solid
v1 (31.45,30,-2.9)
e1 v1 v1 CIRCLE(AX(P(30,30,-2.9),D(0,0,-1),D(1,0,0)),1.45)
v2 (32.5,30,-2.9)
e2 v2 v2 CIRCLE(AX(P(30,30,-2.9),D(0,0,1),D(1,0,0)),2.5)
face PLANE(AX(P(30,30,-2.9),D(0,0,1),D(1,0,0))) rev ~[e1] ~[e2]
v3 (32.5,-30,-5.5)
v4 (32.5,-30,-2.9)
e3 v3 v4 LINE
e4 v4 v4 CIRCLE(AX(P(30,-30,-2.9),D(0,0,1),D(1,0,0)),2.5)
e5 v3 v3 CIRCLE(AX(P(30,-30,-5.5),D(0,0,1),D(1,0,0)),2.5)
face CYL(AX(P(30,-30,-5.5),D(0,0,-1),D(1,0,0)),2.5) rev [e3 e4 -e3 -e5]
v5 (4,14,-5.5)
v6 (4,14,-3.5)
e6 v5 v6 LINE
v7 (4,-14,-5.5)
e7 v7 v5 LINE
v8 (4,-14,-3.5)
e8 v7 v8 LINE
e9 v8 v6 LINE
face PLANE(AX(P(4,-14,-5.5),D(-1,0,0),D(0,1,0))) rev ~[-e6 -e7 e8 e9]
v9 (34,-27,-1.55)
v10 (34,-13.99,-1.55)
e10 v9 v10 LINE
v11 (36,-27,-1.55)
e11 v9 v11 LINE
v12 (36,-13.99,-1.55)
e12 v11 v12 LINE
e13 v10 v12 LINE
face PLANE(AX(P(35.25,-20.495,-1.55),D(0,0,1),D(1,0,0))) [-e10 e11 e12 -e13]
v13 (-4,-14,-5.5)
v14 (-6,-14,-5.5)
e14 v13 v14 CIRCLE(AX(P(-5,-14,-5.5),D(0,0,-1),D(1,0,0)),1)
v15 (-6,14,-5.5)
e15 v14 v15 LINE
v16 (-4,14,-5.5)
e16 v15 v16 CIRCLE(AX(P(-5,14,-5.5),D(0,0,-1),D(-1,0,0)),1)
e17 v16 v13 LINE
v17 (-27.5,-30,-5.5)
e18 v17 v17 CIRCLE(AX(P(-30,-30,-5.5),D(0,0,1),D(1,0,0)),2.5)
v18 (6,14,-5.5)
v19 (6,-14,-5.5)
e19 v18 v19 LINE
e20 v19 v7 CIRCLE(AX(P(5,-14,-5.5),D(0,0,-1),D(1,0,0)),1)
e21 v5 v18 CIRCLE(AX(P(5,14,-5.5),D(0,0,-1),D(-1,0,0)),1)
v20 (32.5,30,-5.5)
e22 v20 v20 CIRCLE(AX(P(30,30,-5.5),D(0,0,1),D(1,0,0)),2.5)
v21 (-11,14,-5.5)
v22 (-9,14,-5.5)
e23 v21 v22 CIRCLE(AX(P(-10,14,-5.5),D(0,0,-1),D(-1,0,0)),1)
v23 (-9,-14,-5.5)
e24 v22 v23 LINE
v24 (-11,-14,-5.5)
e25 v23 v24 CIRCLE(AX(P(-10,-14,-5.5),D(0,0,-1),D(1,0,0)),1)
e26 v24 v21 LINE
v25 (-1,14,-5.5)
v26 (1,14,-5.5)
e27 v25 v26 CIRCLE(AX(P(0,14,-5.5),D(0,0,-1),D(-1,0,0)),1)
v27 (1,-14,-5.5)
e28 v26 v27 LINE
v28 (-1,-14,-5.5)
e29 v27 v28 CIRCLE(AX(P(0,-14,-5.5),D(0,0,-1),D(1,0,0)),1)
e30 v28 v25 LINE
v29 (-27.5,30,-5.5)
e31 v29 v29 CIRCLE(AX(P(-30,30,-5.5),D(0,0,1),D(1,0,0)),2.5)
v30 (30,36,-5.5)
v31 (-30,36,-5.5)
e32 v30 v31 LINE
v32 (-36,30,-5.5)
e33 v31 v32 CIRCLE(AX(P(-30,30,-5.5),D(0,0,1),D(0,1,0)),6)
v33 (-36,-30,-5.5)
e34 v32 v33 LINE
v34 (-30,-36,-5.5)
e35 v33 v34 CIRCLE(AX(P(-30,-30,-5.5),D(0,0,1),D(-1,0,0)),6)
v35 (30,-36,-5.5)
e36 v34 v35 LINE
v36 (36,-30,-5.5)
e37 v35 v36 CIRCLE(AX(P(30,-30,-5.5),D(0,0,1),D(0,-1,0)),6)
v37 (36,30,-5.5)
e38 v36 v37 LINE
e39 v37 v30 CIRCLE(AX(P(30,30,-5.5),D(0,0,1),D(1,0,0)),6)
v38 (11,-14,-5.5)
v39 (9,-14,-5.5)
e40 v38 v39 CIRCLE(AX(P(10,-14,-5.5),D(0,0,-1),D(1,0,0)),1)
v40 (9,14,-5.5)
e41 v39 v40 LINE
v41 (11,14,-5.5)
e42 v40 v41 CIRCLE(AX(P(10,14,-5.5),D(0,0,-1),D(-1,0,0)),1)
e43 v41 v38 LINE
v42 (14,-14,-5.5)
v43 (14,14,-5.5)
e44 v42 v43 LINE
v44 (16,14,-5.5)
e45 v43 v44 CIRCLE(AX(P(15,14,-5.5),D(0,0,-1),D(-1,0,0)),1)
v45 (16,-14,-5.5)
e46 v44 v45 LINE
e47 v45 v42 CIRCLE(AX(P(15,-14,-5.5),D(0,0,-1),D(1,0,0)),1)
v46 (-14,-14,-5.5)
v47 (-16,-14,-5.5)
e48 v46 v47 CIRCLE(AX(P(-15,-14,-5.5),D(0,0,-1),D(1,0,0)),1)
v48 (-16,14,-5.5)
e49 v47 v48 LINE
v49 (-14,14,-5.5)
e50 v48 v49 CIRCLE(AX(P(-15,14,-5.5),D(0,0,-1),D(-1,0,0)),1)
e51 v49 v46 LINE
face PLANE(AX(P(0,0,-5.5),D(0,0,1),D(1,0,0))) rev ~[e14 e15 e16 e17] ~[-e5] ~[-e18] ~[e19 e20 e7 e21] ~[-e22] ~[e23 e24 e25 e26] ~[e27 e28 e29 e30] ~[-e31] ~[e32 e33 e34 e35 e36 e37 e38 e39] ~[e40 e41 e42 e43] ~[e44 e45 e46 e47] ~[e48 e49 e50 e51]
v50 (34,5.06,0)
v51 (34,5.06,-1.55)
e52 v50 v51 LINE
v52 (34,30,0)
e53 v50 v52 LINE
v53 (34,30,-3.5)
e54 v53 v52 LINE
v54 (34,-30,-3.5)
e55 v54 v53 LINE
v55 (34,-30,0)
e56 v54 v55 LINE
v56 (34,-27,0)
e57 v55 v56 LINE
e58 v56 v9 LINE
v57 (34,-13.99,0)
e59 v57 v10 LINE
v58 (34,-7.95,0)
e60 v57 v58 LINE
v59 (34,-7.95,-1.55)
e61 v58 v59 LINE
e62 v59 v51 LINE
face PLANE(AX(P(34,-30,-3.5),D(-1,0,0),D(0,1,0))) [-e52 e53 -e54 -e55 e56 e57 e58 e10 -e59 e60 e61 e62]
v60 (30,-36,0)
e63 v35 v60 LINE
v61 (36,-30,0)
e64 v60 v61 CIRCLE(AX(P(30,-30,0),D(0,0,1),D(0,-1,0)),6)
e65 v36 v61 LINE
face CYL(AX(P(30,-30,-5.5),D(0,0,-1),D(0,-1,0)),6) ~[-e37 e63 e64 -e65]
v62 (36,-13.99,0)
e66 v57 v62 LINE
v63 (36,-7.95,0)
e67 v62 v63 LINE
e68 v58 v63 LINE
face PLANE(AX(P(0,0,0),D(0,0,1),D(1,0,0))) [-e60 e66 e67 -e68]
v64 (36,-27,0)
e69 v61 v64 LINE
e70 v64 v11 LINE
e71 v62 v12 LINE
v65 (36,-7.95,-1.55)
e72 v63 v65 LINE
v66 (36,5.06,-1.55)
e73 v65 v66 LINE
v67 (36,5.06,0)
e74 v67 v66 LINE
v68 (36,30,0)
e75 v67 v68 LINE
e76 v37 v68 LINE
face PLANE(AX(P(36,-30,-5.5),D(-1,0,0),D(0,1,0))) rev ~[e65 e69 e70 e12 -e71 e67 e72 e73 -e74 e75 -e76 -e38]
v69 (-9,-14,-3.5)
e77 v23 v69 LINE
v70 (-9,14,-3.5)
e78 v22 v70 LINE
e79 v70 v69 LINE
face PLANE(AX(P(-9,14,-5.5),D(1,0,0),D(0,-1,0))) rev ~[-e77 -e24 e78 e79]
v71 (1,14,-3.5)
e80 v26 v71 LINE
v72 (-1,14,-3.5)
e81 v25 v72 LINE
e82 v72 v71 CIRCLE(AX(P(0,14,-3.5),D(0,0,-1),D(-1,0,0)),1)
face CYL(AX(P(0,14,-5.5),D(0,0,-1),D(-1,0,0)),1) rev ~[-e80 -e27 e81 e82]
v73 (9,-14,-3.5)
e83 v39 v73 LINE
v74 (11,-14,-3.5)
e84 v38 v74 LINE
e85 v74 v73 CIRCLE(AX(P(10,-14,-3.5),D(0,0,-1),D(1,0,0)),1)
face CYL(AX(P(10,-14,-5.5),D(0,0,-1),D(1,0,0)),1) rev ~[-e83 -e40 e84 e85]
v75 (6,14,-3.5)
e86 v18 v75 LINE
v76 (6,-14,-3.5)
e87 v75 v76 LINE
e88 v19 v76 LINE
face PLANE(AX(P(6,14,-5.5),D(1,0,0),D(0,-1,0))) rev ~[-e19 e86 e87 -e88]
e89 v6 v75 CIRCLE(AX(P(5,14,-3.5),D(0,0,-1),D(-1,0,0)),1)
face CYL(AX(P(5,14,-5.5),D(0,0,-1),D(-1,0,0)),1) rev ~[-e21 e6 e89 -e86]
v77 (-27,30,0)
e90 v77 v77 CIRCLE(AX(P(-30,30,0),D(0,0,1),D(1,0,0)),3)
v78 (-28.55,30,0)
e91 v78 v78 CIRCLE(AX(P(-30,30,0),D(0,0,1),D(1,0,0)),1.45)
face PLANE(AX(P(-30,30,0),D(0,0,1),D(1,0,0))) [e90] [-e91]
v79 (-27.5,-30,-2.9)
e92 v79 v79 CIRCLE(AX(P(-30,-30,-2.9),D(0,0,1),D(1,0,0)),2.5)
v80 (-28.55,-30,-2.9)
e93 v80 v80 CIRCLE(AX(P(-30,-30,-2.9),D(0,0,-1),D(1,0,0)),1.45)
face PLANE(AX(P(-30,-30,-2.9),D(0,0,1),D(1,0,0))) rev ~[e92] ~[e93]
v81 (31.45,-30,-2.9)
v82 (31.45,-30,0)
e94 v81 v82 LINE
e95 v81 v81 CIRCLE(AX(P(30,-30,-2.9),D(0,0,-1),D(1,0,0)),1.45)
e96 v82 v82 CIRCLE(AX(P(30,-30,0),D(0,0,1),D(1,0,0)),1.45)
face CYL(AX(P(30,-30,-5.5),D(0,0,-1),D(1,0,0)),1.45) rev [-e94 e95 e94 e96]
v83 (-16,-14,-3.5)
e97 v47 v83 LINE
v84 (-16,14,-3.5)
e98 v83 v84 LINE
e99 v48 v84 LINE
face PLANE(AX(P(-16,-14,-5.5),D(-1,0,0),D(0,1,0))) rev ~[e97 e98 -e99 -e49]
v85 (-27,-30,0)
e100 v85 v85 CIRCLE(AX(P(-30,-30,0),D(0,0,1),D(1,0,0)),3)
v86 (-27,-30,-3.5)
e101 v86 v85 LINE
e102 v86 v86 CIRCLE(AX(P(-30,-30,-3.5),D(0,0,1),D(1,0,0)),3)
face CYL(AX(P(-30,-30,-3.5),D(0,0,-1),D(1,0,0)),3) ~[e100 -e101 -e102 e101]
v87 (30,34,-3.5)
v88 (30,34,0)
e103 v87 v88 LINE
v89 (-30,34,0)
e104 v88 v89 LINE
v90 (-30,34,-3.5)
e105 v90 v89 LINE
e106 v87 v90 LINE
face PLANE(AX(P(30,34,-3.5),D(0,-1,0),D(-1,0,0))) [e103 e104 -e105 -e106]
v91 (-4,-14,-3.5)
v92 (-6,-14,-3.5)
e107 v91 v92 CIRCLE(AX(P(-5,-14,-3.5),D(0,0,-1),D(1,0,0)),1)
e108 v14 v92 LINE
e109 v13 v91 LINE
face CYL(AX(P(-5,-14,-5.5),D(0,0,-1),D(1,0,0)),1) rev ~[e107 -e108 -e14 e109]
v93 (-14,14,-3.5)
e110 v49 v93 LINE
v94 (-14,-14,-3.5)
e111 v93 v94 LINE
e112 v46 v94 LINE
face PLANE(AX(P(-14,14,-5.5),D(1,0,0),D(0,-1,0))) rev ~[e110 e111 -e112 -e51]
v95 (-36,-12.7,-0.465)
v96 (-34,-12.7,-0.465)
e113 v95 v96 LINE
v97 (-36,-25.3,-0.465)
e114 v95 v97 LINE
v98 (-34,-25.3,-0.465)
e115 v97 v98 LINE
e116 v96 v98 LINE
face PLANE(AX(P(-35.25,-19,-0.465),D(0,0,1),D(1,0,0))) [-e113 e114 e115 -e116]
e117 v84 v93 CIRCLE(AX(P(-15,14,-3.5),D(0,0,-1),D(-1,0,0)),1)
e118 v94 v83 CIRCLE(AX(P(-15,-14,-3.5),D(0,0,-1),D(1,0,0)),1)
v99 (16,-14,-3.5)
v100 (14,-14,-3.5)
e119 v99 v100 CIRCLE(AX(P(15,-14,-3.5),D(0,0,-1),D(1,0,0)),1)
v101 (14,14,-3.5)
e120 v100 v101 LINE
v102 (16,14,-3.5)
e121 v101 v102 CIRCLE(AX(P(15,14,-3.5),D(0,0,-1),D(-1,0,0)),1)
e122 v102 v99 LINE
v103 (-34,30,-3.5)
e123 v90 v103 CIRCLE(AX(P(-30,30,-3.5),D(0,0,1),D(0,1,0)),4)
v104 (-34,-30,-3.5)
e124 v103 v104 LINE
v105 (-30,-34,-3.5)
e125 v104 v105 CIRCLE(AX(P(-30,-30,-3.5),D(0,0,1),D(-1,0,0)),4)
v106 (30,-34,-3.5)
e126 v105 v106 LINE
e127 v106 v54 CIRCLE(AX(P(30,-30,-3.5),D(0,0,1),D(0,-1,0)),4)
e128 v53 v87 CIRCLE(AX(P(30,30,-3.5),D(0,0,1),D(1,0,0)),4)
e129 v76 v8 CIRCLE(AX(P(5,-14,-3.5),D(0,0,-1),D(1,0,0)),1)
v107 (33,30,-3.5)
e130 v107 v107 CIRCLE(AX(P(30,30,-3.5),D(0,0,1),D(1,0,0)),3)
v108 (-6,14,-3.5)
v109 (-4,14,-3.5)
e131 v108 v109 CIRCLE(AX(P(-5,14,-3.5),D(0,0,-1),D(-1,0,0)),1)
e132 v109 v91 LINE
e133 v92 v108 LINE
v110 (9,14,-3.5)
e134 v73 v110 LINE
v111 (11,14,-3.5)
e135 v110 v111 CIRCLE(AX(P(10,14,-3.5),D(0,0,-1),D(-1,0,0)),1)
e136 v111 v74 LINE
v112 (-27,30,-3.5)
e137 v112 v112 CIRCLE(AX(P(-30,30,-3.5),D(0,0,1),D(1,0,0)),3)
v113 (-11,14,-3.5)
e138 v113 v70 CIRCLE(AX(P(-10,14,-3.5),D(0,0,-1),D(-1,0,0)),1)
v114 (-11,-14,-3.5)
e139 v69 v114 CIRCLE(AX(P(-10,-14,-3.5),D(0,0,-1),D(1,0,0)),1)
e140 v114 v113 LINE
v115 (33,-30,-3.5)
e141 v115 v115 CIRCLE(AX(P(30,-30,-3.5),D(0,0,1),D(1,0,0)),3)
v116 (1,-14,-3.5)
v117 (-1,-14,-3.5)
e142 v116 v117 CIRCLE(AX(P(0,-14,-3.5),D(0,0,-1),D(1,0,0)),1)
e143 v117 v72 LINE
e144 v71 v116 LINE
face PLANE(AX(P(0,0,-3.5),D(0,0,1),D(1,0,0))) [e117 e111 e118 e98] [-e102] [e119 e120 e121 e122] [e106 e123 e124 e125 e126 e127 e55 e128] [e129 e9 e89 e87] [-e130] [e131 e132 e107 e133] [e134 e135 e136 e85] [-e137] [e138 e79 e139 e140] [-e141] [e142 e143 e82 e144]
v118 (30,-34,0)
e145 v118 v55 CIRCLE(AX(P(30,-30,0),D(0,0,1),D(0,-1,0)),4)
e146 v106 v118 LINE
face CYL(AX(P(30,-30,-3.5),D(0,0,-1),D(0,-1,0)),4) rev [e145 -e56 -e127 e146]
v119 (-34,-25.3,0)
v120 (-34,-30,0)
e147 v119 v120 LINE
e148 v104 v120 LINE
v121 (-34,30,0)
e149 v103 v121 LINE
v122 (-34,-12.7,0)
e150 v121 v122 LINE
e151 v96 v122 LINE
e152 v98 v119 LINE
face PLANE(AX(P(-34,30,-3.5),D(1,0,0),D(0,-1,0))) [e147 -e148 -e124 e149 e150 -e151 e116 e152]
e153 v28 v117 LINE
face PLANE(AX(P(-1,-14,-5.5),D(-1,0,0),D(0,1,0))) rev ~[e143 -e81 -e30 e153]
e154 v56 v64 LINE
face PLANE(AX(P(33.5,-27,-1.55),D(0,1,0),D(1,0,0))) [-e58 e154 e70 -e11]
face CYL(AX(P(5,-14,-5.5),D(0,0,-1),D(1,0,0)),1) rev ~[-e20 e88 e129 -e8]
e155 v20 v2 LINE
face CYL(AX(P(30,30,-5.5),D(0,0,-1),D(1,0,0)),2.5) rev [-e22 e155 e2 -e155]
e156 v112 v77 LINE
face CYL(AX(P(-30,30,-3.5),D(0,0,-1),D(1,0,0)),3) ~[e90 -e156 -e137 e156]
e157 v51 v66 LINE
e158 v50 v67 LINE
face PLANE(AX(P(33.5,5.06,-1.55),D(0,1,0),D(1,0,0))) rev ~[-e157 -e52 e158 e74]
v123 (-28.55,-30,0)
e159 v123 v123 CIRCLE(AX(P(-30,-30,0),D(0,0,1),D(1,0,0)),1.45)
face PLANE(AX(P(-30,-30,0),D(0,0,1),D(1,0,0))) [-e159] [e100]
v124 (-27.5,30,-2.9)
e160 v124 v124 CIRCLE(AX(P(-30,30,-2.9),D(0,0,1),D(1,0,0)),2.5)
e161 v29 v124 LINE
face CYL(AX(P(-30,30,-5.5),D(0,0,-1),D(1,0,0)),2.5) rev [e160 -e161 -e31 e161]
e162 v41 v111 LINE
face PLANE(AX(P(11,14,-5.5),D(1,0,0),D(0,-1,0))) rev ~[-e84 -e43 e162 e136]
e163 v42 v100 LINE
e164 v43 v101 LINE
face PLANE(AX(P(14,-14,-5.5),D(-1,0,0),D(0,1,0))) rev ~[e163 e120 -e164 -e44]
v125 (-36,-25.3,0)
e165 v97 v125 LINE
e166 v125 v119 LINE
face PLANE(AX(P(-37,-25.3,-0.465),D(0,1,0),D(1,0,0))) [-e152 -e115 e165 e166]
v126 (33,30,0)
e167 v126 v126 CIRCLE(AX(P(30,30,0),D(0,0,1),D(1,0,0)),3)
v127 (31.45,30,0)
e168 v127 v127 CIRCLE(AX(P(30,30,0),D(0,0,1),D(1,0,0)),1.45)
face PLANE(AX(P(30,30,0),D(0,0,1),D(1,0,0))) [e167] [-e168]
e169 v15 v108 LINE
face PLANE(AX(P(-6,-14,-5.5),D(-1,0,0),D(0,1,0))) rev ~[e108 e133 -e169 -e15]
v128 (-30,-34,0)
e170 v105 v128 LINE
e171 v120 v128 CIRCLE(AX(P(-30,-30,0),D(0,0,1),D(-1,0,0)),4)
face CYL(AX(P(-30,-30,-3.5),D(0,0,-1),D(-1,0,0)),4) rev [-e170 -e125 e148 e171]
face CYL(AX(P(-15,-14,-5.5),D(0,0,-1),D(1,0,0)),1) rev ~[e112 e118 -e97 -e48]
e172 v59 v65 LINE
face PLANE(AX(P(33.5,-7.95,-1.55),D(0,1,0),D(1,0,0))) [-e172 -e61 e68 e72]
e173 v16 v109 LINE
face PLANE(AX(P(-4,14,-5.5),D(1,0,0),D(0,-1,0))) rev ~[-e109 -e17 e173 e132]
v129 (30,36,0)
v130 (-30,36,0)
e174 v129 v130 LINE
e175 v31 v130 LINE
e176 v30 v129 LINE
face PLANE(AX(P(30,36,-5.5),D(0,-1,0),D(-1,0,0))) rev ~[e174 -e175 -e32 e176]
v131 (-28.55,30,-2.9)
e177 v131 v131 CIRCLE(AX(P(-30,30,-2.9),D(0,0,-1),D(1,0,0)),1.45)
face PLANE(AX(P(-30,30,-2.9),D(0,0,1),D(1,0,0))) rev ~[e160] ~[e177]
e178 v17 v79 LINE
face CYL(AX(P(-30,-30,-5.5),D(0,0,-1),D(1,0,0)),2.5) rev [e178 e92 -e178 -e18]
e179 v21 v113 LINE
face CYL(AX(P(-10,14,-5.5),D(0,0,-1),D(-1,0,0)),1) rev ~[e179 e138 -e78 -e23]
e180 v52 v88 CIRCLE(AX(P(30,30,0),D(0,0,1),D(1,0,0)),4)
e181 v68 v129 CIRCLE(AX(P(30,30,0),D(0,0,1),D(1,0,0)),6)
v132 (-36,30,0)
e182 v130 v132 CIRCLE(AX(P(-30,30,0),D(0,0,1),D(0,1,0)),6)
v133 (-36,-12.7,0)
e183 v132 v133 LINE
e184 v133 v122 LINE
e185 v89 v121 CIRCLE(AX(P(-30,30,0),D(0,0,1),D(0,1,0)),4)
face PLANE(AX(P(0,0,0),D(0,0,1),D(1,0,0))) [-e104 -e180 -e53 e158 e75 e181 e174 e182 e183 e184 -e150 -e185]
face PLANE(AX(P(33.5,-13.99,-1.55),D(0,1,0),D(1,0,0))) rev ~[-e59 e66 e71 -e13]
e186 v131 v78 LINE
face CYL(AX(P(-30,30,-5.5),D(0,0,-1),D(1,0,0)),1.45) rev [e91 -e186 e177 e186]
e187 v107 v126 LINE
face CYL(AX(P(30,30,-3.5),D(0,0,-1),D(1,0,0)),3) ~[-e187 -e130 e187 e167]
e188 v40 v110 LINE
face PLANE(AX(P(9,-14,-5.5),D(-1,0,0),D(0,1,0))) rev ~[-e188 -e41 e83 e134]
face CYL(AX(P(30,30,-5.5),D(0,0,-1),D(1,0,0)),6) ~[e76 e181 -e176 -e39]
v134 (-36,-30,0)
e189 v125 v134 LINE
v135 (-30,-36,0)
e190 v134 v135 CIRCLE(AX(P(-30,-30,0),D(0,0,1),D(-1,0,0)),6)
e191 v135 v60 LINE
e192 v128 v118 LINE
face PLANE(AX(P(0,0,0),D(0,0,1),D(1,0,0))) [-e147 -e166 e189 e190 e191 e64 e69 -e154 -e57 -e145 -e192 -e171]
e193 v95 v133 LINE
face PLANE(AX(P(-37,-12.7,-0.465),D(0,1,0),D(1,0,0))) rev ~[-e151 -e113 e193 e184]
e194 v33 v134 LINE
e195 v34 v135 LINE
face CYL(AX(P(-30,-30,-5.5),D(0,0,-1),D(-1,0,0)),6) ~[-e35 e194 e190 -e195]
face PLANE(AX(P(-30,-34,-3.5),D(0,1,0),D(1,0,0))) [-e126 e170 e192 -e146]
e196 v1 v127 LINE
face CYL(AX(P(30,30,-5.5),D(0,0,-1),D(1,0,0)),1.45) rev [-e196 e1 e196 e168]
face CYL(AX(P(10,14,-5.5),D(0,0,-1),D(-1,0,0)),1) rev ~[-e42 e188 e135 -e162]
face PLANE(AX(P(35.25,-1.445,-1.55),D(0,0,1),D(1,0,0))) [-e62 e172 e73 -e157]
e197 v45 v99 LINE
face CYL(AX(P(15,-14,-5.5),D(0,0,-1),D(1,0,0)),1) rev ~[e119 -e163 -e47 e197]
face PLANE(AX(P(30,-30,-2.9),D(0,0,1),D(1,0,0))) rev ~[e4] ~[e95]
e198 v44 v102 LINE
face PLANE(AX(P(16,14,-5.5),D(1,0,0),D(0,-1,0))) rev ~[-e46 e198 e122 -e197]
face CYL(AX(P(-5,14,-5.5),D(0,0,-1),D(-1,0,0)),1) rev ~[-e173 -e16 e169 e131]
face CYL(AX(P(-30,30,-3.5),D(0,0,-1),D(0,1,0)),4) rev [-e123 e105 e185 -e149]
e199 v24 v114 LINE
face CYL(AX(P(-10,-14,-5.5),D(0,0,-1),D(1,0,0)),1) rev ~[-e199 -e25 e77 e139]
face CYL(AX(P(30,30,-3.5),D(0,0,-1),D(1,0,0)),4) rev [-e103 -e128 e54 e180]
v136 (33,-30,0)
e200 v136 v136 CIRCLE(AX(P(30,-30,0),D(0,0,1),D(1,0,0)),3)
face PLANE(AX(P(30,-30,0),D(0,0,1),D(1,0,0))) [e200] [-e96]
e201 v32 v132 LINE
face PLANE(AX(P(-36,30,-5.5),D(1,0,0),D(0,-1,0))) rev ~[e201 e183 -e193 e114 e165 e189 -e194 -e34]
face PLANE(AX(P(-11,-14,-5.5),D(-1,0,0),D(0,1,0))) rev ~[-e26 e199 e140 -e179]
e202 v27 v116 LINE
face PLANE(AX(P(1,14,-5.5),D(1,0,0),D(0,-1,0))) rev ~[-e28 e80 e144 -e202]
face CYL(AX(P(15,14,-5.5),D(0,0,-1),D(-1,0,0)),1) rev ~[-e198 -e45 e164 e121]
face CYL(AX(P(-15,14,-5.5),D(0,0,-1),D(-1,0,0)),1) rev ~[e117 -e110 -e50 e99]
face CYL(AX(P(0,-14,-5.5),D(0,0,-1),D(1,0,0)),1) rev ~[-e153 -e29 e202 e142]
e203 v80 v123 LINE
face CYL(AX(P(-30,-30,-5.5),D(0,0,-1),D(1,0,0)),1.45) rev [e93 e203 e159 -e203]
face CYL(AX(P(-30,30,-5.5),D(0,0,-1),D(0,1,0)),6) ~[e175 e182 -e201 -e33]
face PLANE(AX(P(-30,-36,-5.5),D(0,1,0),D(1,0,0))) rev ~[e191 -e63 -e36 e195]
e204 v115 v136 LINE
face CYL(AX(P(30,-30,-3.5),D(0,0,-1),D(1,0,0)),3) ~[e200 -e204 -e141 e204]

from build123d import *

# Parameters (mm, degrees)
BOSS_EXTRUDE1_DEPTH = 5.5
CUT_EXTRUDE1_DEPTH  = 3.5
SKETCH3_R           = 3
BOSS_EXTRUDE2_DEPTH = 3.5
SKETCH4_R           = 1.45
CUT_EXTRUDE2_DEPTH  = 5.5
SKETCH5_R           = 2.5
CUT_EXTRUDE3_DEPTH  = 2.6
CUT_EXTRUDE4_DEPTH  = 2
SKETCH7_W           = 3.5
SKETCH7_H           = 13.01
CUT_EXTRUDE5_DEPTH  = 1.55
SKETCH8_W           = 3.5
SKETCH8_H           = 12.6
CUT_EXTRUDE6_DEPTH  = 0.465


with BuildPart() as part:
    # Sketch1 → Boss-Extrude1 (new body)
    with BuildSketch(Plane.XY.offset(-5.5)):
        with BuildLine():
            Line((-30, -36), (30, -36))
            ThreePointArc((30, -36), (34.242640687, -34.242640687), (36, -30))
            Line((36, -30), (36, 30))
            ThreePointArc((36, 30), (34.242640687, 34.242640687), (30, 36))
            Line((30, 36), (-30, 36))
            ThreePointArc((-30, 36), (-34.242640687, 34.242640687), (-36, 30))
            Line((-36, 30), (-36, -30))
            ThreePointArc((-36, -30), (-34.242640687, -34.242640687), (-30, -36))
        make_face()
    extrude(amount=BOSS_EXTRUDE1_DEPTH)

    # Sketch2 → Cut-Extrude1 (cut)
    with BuildSketch(Plane.XY.offset(-3.5)):
        with BuildLine():
            Line((-30, -34), (30, -34))
            ThreePointArc((30, -34), (32.828427125, -32.828427125), (34, -30))
            Line((34, -30), (34, 30))
            ThreePointArc((34, 30), (32.828427125, 32.828427125), (30, 34))
            Line((30, 34), (-30, 34))
            ThreePointArc((-30, 34), (-32.828427125, 32.828427125), (-34, 30))
            Line((-34, 30), (-34, -30))
            ThreePointArc((-34, -30), (-32.828427125, -32.828427125), (-30, -34))
        make_face()
    extrude(amount=CUT_EXTRUDE1_DEPTH, mode=Mode.SUBTRACT)

    # Sketch3 → Boss-Extrude2 (add)
    with BuildSketch(Plane.XY.offset(-3.5)):
        with Locations((-30, 30)):
            Circle(SKETCH3_R)
        with Locations((30, 30)):
            Circle(SKETCH3_R)
        with Locations((-30, -30)):
            Circle(SKETCH3_R)
        with Locations((30, -30)):
            Circle(SKETCH3_R)
    extrude(amount=BOSS_EXTRUDE2_DEPTH)

    # Sketch4 → Cut-Extrude2 (cut)
    with BuildSketch(Plane.XY.offset(-5.5)):
        with Locations((-30, 30)):
            Circle(SKETCH4_R)
        with Locations((30, 30)):
            Circle(SKETCH4_R)
        with Locations((-30, -30)):
            Circle(SKETCH4_R)
        with Locations((30, -30)):
            Circle(SKETCH4_R)
    extrude(amount=CUT_EXTRUDE2_DEPTH, mode=Mode.SUBTRACT)

    # Sketch5 → Cut-Extrude3 (cut)
    with BuildSketch(Plane.XY.offset(-5.5)):
        with Locations((-30, 30)):
            Circle(SKETCH5_R)
        with Locations((30, 30)):
            Circle(SKETCH5_R)
        with Locations((-30, -30)):
            Circle(SKETCH5_R)
        with Locations((30, -30)):
            Circle(SKETCH5_R)
    extrude(amount=CUT_EXTRUDE3_DEPTH, mode=Mode.SUBTRACT)

    # Sketch6 → Cut-Extrude4 (cut)
    with BuildSketch(Plane.XY.offset(-5.5)):
        with BuildLine():
            Line((-16, -14), (-16, 14))
            ThreePointArc((-16, 14), (-15, 15), (-14, 14))
            Line((-14, 14), (-14, -14))
            ThreePointArc((-14, -14), (-15, -15), (-16, -14))
        make_face()
        with BuildLine():
            Line((-11, -14), (-11, 14))
            ThreePointArc((-11, 14), (-10, 15), (-9, 14))
            Line((-9, 14), (-9, -14))
            ThreePointArc((-9, -14), (-10, -15), (-11, -14))
        make_face()
        with BuildLine():
            Line((-6, -14), (-6, 14))
            ThreePointArc((-6, 14), (-5, 15), (-4, 14))
            Line((-4, 14), (-4, -14))
            ThreePointArc((-4, -14), (-5, -15), (-6, -14))
        make_face()
        with BuildLine():
            Line((-1, -14), (-1, 14))
            ThreePointArc((-1, 14), (0, 15), (1, 14))
            Line((1, 14), (1, -14))
            ThreePointArc((1, -14), (0, -15), (-1, -14))
        make_face()
        with BuildLine():
            Line((4, -14), (4, 14))
            ThreePointArc((4, 14), (5, 15), (6, 14))
            Line((6, 14), (6, -14))
            ThreePointArc((6, -14), (5, -15), (4, -14))
        make_face()
        with BuildLine():
            Line((9, -14), (9, 14))
            ThreePointArc((9, 14), (10, 15), (11, 14))
            Line((11, 14), (11, -14))
            ThreePointArc((11, -14), (10, -15), (9, -14))
        make_face()
        with BuildLine():
            Line((14, -14), (14, 14))
            ThreePointArc((14, 14), (15, 15), (16, 14))
            Line((16, 14), (16, -14))
            ThreePointArc((16, -14), (15, -15), (14, -14))
        make_face()
    extrude(amount=CUT_EXTRUDE4_DEPTH, mode=Mode.SUBTRACT)

    # Sketch7 → Cut-Extrude5 (cut)
    with BuildSketch(Plane.XY.offset(-1.55)):
        with Locations((35.25, -1.445)):
            Rectangle(SKETCH7_W, SKETCH7_H)
        with Locations((35.25, -20.495)):
            Rectangle(SKETCH7_W, SKETCH7_H)
    extrude(amount=CUT_EXTRUDE5_DEPTH, mode=Mode.SUBTRACT)

    # Sketch8 → Cut-Extrude6 (cut)
    with BuildSketch(Plane.XY.offset(-0.465)):
        with Locations((-35.25, -19)):
            Rectangle(SKETCH8_W, SKETCH8_H)
    extrude(amount=CUT_EXTRUDE6_DEPTH, mode=Mode.SUBTRACT)


solid = part.part
